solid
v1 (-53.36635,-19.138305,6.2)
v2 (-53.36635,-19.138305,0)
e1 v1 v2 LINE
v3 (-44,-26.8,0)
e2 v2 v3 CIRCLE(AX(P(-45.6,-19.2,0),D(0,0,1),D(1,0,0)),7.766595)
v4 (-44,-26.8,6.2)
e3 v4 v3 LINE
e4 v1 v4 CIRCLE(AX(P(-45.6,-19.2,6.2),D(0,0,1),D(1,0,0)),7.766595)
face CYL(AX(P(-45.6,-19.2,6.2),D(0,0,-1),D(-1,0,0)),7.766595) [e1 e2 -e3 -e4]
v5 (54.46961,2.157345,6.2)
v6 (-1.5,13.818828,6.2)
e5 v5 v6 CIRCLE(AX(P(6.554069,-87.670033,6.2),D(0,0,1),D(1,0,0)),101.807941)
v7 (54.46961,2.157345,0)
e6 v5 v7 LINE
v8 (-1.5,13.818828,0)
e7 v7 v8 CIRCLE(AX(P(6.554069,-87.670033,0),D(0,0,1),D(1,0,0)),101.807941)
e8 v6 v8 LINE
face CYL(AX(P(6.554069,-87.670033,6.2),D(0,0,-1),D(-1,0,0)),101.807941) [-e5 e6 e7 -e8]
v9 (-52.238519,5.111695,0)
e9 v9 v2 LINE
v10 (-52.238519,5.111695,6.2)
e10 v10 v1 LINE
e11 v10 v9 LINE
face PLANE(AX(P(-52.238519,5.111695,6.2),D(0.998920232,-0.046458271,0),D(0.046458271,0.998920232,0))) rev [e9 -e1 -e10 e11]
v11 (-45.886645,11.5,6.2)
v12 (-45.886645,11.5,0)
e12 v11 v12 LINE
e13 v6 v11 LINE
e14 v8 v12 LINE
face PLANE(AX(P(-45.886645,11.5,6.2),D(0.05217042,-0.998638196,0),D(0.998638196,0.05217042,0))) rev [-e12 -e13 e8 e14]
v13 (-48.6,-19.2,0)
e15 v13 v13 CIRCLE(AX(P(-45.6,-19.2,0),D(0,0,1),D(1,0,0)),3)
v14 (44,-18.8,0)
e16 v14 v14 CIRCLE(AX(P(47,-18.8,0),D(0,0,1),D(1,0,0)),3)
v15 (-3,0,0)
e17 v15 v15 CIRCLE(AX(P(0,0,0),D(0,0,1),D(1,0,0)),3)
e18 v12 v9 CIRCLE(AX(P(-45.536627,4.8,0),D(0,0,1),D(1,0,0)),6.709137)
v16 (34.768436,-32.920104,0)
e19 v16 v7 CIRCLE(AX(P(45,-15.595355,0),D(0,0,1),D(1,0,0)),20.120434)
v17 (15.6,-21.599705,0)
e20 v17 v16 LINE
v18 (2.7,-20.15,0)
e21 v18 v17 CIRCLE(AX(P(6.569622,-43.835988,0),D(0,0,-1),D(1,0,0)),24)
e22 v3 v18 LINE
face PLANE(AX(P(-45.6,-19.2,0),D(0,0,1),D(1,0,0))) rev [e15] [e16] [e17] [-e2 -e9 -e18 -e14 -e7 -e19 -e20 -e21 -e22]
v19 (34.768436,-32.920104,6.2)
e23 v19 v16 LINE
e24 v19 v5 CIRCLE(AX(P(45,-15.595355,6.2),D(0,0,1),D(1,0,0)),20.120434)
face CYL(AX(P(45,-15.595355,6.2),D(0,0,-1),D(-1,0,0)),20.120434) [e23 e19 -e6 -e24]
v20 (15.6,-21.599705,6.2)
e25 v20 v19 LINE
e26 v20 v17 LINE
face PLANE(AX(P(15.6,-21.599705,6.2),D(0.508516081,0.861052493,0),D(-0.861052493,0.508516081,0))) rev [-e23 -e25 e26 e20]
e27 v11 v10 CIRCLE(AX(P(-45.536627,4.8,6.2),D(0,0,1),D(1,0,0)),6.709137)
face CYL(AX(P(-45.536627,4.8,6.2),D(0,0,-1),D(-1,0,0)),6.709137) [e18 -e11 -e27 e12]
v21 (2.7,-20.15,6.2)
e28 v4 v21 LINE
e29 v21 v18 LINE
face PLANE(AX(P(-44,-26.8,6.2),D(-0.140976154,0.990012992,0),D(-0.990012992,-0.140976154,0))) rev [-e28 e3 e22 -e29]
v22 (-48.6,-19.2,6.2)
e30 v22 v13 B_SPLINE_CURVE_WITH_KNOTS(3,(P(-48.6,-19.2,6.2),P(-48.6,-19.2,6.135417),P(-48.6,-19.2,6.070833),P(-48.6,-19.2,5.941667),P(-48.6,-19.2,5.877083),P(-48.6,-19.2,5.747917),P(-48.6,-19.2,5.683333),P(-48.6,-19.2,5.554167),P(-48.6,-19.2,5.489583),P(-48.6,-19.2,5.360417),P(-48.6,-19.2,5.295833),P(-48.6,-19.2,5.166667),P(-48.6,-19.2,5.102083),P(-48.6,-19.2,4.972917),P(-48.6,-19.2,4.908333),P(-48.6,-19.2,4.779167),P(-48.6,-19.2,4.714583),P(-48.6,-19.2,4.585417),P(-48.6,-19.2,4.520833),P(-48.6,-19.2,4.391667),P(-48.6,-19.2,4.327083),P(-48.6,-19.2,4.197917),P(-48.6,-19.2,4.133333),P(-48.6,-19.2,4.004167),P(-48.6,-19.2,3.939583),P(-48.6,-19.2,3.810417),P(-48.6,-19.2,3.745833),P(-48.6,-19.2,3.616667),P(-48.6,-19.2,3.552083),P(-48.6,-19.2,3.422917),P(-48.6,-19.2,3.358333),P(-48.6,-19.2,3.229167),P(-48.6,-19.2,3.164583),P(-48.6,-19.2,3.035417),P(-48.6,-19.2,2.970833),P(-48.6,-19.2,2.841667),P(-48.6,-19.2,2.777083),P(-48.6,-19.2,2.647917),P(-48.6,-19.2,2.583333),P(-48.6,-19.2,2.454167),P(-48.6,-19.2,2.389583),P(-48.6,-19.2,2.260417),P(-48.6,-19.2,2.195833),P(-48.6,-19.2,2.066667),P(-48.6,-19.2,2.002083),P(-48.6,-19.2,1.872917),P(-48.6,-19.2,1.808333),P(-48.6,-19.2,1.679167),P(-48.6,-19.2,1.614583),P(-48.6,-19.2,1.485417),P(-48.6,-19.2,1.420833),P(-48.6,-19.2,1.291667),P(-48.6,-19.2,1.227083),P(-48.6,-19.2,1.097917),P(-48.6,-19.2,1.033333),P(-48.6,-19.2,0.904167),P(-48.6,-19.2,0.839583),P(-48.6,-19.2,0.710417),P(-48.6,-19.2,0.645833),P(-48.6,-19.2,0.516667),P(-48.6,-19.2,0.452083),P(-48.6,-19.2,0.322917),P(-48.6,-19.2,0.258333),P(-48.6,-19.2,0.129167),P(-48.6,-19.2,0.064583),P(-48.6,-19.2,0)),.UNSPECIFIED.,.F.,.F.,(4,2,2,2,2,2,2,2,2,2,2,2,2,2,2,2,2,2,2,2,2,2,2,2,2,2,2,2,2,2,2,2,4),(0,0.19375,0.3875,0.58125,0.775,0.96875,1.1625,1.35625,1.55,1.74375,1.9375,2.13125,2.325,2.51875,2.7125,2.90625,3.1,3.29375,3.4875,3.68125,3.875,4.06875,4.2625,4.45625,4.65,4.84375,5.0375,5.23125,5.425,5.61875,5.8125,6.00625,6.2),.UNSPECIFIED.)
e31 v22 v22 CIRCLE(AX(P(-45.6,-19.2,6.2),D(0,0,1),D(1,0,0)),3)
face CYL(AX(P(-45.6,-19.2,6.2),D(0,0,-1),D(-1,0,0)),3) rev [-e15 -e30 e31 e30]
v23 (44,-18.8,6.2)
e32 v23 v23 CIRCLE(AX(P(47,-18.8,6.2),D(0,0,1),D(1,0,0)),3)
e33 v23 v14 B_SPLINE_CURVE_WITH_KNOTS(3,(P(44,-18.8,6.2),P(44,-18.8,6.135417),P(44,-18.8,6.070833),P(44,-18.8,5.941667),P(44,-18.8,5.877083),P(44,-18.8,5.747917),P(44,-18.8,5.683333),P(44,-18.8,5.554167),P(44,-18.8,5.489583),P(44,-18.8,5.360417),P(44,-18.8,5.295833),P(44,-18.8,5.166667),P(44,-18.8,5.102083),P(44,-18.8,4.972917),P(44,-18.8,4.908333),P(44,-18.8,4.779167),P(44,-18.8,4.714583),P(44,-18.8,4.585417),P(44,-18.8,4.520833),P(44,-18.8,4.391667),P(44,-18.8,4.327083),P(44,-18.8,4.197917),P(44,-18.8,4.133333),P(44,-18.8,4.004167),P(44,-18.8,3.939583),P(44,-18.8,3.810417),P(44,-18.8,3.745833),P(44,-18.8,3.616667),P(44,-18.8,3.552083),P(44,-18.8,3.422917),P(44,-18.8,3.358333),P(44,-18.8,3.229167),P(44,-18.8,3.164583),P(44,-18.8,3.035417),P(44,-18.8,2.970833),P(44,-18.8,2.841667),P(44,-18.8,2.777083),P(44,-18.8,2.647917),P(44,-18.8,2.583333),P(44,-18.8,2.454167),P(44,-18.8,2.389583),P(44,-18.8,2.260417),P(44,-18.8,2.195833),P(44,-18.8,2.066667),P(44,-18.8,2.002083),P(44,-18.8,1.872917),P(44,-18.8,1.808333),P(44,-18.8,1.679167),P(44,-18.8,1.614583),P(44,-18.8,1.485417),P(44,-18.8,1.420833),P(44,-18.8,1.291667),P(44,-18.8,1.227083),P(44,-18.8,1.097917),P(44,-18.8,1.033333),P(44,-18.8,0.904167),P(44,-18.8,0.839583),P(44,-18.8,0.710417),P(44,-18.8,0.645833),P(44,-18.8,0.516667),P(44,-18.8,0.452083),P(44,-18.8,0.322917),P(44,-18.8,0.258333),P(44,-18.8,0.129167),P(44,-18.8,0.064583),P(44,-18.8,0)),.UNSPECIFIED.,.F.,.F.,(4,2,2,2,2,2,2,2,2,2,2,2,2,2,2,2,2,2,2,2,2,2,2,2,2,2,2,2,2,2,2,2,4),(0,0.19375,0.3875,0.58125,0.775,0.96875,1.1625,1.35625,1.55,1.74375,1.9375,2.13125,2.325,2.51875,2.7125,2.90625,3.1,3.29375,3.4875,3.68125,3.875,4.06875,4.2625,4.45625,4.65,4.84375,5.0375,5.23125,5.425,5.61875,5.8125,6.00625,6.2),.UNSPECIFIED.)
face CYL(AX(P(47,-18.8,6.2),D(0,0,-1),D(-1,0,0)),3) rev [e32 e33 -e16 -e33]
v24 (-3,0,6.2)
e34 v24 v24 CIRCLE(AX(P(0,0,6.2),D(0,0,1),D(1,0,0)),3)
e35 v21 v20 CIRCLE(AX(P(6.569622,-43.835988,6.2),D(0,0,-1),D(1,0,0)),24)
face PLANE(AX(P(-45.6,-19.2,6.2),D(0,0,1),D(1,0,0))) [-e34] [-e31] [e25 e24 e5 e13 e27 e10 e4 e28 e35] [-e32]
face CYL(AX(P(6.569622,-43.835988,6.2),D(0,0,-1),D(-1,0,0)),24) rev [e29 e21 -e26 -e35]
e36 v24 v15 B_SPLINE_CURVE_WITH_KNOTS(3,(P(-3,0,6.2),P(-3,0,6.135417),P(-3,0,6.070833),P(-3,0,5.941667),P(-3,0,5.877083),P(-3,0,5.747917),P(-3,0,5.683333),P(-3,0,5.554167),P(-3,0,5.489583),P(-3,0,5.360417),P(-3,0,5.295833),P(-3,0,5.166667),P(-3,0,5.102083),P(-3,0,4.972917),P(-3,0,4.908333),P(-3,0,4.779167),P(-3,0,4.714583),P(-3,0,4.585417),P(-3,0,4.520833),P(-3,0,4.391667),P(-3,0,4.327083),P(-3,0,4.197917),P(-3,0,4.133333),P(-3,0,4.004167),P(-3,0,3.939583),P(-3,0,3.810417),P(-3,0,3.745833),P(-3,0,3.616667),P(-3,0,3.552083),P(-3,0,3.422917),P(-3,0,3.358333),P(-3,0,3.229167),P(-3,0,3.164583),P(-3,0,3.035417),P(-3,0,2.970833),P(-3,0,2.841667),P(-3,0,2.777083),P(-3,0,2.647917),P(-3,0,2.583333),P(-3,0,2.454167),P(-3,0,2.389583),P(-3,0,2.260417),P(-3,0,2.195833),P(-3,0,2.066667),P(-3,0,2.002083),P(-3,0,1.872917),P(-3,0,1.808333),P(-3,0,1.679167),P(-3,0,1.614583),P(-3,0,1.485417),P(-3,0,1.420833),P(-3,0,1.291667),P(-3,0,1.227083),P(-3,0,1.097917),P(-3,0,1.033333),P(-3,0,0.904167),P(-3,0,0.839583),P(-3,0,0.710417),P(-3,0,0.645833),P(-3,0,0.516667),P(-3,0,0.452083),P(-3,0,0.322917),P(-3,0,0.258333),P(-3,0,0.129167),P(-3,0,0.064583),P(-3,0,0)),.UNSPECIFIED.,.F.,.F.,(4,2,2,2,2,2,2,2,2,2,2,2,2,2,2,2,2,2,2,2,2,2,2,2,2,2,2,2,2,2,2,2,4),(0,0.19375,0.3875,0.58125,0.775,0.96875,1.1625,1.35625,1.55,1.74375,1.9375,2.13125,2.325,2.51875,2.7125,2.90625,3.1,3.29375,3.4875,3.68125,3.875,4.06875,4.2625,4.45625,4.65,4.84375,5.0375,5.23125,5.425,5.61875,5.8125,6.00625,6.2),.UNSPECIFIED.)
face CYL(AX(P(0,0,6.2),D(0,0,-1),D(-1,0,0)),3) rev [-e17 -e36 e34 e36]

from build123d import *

# Parameters (mm, degrees)
SKETCH1_R           = 3
BOSS_EXTRUDE1_DEPTH = 6.2


with BuildPart() as part:
    # Sketch1 → Boss-Extrude1 (new body)
    with BuildSketch(Plane.XY):
        with BuildLine():
            Line((-44, -26.8), (2.7, -20.15))
            ThreePointArc((2.7, -20.15), (9.249876076, -19.98611928), (15.6, -21.599705241))
            Line((15.6, -21.599705241), (34.768435899, -32.920104396))
            ThreePointArc((34.768435899, -32.920104396), (62.542861937, -25.448265408), (54.469609674, 2.157344845))
            ThreePointArc((54.469609674, 2.157344845), (27.320189876, 11.997539893), (-1.5, 13.818827736))
            Line((-1.5, 13.818827736), (-45.886645473, 11.5))
            ThreePointArc((-45.886645473, 11.5), (-50.294249478, 9.530490598), (-52.238519213, 5.111694886))
            Line((-52.238519213, 5.111694886), (-53.366350091, -19.138305114))
            ThreePointArc((-53.366350091, -19.138305114), (-50.517454676, -25.21154219), (-44, -26.8))
        make_face()
        with Locations(Location((47, -18.8, 0), (0, 0, 180))):
            Circle(SKETCH1_R, mode=Mode.SUBTRACT)
        with Locations(Location((-45.6, -19.2, 0), (0, 0, 180))):
            Circle(SKETCH1_R, mode=Mode.SUBTRACT)
        with Locations(Location((0, 0, 0), (0, 0, 180))):
            Circle(SKETCH1_R, mode=Mode.SUBTRACT)
    extrude(amount=BOSS_EXTRUDE1_DEPTH)


solid = part.part
